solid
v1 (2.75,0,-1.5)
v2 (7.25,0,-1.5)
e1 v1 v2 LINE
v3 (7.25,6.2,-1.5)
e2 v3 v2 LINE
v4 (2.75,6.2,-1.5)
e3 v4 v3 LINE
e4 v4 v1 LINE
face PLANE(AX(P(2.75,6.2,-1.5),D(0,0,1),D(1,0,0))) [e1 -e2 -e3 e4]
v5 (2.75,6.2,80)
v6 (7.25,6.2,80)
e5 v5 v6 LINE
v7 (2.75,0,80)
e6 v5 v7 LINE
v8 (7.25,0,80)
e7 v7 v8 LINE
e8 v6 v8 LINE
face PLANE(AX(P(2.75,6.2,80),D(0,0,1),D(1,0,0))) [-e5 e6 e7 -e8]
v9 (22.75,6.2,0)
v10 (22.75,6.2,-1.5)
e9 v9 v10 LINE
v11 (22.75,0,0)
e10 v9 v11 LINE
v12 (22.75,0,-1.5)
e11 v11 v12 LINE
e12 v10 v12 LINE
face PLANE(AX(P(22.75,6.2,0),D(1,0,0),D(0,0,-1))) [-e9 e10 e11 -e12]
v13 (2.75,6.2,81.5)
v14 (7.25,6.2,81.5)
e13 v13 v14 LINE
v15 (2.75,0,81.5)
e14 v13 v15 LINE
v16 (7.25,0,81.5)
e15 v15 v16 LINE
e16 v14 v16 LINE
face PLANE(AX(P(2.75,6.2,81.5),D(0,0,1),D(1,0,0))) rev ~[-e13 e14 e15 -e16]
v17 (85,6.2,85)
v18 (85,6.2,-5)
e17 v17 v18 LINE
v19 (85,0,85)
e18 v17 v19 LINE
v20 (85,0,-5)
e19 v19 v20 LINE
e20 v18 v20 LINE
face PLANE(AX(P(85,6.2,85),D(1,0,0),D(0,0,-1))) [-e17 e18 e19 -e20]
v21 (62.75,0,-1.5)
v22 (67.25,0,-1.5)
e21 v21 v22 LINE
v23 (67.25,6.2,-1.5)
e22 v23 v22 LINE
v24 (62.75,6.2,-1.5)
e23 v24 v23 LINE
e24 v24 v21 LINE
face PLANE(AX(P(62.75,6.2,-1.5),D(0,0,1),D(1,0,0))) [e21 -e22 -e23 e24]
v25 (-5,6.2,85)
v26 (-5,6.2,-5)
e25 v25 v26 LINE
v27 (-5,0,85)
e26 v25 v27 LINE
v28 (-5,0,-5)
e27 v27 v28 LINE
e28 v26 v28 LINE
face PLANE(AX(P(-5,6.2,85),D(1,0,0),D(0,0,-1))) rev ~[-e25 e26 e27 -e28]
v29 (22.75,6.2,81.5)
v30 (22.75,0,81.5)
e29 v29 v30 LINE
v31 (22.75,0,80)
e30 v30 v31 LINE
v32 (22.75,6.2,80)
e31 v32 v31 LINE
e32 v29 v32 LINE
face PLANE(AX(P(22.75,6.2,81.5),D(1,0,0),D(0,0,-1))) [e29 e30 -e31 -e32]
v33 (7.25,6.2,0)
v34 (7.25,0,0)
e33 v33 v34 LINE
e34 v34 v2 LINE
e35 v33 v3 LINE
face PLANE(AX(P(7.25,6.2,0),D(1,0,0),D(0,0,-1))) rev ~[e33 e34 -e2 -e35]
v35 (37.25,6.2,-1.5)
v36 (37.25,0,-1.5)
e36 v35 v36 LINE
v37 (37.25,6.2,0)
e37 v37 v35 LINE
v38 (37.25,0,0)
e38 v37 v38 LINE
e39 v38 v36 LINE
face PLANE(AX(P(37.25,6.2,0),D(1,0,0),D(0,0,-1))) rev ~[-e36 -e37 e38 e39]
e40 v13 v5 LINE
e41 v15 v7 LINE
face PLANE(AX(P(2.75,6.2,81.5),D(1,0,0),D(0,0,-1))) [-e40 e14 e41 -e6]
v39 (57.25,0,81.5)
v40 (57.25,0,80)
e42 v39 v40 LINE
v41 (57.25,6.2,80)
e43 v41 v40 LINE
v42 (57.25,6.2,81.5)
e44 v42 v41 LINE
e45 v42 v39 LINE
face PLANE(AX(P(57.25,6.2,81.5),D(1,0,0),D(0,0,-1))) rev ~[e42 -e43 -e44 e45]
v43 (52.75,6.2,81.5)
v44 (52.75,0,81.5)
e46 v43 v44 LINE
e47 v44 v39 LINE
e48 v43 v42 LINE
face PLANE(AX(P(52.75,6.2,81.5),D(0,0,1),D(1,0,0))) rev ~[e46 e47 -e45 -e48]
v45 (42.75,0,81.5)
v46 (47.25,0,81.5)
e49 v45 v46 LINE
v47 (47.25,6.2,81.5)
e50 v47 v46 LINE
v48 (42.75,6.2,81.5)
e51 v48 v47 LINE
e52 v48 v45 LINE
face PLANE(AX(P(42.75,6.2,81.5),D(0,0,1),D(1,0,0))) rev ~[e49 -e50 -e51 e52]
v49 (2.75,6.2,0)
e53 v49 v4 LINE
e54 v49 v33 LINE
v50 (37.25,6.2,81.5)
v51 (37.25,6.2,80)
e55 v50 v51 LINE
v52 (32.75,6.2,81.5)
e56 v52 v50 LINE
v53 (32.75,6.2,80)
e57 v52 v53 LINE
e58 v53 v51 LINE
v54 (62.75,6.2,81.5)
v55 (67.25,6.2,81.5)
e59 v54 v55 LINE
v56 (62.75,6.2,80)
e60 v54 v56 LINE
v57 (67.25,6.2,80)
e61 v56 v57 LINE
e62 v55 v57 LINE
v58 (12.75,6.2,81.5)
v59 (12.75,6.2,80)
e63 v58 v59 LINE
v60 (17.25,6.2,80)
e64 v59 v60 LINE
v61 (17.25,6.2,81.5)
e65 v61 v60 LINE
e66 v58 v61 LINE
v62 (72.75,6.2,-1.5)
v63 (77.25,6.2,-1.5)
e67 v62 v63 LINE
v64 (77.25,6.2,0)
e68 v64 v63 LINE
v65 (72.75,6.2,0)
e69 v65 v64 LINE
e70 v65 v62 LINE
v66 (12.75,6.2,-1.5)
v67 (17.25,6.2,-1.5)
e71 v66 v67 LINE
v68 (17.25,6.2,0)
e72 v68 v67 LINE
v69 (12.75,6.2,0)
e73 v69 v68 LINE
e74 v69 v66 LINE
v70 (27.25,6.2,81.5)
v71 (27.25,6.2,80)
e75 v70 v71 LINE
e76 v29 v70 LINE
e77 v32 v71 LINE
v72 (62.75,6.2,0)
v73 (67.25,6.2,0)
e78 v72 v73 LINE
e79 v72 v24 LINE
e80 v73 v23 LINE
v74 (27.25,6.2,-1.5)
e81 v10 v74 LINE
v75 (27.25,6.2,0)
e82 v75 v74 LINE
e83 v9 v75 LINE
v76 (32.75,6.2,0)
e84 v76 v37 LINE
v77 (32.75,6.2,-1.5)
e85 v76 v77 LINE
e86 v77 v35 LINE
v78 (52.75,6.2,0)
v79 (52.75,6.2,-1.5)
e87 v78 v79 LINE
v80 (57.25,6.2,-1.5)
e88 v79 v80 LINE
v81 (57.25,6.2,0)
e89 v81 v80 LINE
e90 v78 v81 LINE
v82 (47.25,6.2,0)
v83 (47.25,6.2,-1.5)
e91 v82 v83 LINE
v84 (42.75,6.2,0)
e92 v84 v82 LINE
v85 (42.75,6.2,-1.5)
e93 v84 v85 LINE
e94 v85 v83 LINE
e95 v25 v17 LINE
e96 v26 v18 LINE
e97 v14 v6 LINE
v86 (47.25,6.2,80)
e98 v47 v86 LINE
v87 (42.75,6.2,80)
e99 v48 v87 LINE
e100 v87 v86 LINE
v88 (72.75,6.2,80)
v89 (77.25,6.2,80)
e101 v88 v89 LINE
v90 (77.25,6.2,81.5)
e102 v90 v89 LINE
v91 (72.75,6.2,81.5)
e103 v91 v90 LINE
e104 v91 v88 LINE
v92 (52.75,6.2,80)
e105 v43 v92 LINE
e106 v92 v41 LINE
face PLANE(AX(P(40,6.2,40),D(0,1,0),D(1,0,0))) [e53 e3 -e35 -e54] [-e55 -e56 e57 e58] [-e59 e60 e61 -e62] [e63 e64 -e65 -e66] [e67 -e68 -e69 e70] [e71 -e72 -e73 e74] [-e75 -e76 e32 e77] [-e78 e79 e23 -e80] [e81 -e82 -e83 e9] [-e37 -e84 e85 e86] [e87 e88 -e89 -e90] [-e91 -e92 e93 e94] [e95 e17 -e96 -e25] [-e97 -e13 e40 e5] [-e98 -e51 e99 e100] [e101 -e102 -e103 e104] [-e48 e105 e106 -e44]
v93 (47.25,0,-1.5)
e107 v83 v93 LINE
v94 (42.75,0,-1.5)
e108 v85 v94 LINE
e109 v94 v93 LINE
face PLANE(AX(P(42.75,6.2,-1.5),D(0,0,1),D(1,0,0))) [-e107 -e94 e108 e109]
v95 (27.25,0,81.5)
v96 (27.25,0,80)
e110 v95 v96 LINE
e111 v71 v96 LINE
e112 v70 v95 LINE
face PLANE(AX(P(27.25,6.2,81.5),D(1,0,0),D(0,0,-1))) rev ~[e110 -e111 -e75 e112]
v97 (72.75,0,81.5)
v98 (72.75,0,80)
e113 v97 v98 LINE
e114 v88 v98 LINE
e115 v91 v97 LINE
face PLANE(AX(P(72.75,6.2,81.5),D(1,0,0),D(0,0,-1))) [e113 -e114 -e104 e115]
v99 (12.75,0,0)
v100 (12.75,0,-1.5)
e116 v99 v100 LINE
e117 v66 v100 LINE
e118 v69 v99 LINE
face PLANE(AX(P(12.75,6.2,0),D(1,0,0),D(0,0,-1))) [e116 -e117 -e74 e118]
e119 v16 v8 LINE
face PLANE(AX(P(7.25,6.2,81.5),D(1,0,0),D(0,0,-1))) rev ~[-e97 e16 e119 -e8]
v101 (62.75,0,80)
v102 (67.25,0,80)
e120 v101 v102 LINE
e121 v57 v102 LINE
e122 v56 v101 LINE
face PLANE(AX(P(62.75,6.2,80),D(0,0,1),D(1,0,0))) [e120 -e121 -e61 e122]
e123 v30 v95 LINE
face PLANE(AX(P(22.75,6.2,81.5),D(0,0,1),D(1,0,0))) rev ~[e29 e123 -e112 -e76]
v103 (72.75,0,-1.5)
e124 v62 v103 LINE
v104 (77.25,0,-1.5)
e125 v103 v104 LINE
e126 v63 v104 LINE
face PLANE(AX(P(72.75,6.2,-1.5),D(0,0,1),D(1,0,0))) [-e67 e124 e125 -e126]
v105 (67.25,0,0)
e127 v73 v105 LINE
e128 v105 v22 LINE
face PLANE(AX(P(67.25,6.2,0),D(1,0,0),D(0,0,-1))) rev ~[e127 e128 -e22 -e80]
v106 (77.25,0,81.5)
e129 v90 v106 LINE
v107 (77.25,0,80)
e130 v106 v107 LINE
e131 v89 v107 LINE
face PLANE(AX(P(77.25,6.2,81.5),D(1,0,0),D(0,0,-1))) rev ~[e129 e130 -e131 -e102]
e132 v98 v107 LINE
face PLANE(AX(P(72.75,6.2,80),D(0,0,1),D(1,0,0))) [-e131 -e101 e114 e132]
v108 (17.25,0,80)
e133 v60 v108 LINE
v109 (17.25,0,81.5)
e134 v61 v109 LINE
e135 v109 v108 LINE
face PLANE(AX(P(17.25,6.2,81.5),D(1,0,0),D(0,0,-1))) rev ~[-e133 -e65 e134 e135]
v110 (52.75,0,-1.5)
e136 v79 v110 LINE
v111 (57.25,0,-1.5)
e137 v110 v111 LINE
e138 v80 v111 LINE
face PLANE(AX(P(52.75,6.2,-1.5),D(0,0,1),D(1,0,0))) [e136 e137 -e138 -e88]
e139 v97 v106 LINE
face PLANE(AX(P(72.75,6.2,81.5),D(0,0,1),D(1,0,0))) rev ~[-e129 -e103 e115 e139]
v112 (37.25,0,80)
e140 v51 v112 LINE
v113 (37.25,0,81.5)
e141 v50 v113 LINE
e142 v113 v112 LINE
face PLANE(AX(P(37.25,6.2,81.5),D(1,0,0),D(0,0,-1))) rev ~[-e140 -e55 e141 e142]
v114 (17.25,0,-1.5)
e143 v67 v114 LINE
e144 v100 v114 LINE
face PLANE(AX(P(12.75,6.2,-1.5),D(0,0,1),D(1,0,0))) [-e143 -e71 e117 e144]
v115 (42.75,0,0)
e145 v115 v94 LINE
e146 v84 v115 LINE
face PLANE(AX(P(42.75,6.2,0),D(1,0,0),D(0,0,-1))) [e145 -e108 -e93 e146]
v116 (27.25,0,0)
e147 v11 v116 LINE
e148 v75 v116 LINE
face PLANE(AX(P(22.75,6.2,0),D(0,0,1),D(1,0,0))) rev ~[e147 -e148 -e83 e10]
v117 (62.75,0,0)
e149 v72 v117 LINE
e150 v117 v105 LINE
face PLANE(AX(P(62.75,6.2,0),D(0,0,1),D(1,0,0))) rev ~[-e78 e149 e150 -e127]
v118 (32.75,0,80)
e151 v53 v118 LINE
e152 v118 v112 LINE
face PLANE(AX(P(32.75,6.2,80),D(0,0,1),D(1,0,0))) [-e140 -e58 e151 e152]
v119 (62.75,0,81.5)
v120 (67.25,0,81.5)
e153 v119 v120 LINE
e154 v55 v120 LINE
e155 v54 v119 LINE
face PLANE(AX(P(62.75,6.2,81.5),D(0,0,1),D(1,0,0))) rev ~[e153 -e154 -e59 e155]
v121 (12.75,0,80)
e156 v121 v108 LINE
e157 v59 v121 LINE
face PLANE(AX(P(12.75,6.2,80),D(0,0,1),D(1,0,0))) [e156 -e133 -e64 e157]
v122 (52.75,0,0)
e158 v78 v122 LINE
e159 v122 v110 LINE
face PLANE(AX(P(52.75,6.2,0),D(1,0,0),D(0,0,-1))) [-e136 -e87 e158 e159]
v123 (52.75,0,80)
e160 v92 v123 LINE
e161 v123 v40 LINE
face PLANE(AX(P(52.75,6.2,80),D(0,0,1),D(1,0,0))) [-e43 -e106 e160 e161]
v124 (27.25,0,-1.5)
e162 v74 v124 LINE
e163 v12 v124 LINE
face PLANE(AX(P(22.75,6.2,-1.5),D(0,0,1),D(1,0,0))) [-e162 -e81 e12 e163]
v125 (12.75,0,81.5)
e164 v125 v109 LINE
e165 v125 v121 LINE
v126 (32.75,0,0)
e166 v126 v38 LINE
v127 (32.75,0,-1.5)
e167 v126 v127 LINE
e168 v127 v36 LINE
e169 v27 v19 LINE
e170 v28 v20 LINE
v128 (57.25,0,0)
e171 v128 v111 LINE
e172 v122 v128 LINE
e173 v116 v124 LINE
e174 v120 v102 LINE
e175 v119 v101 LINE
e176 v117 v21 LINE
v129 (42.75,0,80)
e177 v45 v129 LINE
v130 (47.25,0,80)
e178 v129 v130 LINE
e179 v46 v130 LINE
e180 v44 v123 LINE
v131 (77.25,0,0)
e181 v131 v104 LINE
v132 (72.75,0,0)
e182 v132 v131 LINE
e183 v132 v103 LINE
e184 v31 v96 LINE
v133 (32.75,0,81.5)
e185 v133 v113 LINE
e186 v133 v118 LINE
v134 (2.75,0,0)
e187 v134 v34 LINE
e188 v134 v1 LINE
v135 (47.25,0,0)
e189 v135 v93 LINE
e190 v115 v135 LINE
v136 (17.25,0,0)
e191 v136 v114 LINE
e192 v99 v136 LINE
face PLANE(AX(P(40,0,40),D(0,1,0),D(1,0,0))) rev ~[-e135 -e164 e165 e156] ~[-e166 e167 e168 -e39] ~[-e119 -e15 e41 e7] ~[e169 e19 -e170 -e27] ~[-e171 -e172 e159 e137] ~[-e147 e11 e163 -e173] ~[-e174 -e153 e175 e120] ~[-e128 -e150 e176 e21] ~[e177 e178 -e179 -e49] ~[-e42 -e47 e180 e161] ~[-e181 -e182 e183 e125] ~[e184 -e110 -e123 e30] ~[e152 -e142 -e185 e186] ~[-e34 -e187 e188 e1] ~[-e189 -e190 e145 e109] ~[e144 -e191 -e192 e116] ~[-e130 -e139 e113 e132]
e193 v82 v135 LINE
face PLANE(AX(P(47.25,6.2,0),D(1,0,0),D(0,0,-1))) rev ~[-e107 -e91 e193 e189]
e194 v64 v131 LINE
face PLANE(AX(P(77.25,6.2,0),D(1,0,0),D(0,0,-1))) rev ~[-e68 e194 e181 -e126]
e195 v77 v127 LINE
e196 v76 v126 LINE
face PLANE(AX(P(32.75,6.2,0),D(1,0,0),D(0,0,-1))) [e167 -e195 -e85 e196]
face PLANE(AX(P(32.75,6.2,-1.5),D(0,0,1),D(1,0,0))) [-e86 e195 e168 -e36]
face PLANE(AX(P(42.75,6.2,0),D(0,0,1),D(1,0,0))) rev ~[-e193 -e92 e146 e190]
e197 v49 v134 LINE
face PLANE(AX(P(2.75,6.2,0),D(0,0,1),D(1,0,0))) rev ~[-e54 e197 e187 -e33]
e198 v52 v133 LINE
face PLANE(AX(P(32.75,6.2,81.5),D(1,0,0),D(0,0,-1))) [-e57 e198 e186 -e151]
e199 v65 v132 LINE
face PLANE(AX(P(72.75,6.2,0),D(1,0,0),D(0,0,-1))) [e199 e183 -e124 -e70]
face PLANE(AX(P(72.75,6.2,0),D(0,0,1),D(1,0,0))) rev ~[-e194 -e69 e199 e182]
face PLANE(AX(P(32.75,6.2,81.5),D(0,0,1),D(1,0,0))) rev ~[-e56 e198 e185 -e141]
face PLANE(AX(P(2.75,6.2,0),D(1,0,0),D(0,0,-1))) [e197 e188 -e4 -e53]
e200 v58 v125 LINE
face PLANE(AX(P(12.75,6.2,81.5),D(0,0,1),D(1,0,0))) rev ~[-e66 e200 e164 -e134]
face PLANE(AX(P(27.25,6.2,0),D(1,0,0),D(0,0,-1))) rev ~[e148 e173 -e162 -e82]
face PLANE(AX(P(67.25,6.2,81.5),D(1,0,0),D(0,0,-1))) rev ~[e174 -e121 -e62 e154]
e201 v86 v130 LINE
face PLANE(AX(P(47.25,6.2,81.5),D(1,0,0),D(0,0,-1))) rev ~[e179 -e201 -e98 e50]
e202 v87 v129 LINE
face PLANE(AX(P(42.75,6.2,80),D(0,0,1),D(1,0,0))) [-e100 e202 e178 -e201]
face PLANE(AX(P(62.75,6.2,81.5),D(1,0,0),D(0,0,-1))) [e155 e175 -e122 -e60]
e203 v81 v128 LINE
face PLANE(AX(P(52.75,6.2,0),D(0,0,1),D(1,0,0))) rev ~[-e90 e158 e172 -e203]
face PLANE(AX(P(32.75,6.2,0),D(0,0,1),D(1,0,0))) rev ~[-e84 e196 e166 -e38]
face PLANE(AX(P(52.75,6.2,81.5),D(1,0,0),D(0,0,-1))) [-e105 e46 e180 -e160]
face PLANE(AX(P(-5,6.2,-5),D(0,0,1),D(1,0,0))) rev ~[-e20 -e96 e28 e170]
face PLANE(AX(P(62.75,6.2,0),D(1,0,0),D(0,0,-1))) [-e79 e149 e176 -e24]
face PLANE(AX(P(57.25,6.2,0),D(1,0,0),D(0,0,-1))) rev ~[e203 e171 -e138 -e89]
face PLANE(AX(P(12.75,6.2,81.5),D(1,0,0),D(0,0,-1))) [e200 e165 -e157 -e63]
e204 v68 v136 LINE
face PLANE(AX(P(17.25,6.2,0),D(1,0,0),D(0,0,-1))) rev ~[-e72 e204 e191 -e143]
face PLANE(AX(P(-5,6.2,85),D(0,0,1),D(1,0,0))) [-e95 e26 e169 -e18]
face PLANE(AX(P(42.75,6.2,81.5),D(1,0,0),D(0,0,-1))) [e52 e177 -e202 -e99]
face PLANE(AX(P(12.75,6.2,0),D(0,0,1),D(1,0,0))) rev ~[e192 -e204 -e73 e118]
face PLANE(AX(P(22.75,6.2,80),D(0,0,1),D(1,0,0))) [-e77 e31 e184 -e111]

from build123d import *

# Parameters (mm, degrees)
OUTLINE_W           = 100
OUTLINE_H           = 100
BOSS_EXTRUDE1_DEPTH = 6.2
SKETCH3_OUTSIDE_W   = 130.312
SKETCH3_OUTSIDE_H   = 130.312
SKETCH3_OUTSIDE_W_2 = 90
SKETCH3_OUTSIDE_H_2 = 90
CUT_EXTRUDE2_DEPTH  = 128.430137723
SKETCH2_W           = 4.5
SKETCH2_H           = 1.5
CUT_EXTRUDE1_DEPTH  = 121.36793593
LPATTERN2_COUNT     = 8
LPATTERN2_PITCH     = 10


with BuildPart() as part:
    # Outline → Boss-Extrude1 (new body)
    with BuildSketch(Plane(origin=(0, 0, 0), x_dir=(1, 0, 0), z_dir=(0, 1, 0))):
        with Locations((40, -40)):
            Rectangle(OUTLINE_W, OUTLINE_H)
    extrude(amount=BOSS_EXTRUDE1_DEPTH)

    # Sketch3 outside → Cut-Extrude2 (cut, through all)
    with BuildSketch(Plane(origin=(0, 6.2, 0), x_dir=(1, 0, 0), z_dir=(0, 1, 0))):
        with Locations((40, -40)):
            Rectangle(SKETCH3_OUTSIDE_W, SKETCH3_OUTSIDE_H)
        with Locations((40, -40)):
            Rectangle(SKETCH3_OUTSIDE_W_2, SKETCH3_OUTSIDE_H_2, mode=Mode.SUBTRACT)
    extrude(amount=-CUT_EXTRUDE2_DEPTH, mode=Mode.SUBTRACT)

    # Sketch2 → Cut-Extrude1 (cut, through all)
    with BuildSketch(Plane(origin=(0, 6.2, 0), x_dir=(1, 0, 0), z_dir=(0, 1, 0))):
        with Locations((5, 0.75)):
            Rectangle(SKETCH2_W, SKETCH2_H)
        with Locations((5, -80.75)):
            Rectangle(SKETCH2_W, SKETCH2_H)
    cut_extrude1 = extrude(amount=-CUT_EXTRUDE1_DEPTH, mode=Mode.SUBTRACT)

    # LPattern2: Cut-Extrude1 ×8
    with Locations(*[(i * LPATTERN2_PITCH, 0, 0) for i in range(1, LPATTERN2_COUNT)]):
        add(cut_extrude1, mode=Mode.SUBTRACT)


solid = part.part
